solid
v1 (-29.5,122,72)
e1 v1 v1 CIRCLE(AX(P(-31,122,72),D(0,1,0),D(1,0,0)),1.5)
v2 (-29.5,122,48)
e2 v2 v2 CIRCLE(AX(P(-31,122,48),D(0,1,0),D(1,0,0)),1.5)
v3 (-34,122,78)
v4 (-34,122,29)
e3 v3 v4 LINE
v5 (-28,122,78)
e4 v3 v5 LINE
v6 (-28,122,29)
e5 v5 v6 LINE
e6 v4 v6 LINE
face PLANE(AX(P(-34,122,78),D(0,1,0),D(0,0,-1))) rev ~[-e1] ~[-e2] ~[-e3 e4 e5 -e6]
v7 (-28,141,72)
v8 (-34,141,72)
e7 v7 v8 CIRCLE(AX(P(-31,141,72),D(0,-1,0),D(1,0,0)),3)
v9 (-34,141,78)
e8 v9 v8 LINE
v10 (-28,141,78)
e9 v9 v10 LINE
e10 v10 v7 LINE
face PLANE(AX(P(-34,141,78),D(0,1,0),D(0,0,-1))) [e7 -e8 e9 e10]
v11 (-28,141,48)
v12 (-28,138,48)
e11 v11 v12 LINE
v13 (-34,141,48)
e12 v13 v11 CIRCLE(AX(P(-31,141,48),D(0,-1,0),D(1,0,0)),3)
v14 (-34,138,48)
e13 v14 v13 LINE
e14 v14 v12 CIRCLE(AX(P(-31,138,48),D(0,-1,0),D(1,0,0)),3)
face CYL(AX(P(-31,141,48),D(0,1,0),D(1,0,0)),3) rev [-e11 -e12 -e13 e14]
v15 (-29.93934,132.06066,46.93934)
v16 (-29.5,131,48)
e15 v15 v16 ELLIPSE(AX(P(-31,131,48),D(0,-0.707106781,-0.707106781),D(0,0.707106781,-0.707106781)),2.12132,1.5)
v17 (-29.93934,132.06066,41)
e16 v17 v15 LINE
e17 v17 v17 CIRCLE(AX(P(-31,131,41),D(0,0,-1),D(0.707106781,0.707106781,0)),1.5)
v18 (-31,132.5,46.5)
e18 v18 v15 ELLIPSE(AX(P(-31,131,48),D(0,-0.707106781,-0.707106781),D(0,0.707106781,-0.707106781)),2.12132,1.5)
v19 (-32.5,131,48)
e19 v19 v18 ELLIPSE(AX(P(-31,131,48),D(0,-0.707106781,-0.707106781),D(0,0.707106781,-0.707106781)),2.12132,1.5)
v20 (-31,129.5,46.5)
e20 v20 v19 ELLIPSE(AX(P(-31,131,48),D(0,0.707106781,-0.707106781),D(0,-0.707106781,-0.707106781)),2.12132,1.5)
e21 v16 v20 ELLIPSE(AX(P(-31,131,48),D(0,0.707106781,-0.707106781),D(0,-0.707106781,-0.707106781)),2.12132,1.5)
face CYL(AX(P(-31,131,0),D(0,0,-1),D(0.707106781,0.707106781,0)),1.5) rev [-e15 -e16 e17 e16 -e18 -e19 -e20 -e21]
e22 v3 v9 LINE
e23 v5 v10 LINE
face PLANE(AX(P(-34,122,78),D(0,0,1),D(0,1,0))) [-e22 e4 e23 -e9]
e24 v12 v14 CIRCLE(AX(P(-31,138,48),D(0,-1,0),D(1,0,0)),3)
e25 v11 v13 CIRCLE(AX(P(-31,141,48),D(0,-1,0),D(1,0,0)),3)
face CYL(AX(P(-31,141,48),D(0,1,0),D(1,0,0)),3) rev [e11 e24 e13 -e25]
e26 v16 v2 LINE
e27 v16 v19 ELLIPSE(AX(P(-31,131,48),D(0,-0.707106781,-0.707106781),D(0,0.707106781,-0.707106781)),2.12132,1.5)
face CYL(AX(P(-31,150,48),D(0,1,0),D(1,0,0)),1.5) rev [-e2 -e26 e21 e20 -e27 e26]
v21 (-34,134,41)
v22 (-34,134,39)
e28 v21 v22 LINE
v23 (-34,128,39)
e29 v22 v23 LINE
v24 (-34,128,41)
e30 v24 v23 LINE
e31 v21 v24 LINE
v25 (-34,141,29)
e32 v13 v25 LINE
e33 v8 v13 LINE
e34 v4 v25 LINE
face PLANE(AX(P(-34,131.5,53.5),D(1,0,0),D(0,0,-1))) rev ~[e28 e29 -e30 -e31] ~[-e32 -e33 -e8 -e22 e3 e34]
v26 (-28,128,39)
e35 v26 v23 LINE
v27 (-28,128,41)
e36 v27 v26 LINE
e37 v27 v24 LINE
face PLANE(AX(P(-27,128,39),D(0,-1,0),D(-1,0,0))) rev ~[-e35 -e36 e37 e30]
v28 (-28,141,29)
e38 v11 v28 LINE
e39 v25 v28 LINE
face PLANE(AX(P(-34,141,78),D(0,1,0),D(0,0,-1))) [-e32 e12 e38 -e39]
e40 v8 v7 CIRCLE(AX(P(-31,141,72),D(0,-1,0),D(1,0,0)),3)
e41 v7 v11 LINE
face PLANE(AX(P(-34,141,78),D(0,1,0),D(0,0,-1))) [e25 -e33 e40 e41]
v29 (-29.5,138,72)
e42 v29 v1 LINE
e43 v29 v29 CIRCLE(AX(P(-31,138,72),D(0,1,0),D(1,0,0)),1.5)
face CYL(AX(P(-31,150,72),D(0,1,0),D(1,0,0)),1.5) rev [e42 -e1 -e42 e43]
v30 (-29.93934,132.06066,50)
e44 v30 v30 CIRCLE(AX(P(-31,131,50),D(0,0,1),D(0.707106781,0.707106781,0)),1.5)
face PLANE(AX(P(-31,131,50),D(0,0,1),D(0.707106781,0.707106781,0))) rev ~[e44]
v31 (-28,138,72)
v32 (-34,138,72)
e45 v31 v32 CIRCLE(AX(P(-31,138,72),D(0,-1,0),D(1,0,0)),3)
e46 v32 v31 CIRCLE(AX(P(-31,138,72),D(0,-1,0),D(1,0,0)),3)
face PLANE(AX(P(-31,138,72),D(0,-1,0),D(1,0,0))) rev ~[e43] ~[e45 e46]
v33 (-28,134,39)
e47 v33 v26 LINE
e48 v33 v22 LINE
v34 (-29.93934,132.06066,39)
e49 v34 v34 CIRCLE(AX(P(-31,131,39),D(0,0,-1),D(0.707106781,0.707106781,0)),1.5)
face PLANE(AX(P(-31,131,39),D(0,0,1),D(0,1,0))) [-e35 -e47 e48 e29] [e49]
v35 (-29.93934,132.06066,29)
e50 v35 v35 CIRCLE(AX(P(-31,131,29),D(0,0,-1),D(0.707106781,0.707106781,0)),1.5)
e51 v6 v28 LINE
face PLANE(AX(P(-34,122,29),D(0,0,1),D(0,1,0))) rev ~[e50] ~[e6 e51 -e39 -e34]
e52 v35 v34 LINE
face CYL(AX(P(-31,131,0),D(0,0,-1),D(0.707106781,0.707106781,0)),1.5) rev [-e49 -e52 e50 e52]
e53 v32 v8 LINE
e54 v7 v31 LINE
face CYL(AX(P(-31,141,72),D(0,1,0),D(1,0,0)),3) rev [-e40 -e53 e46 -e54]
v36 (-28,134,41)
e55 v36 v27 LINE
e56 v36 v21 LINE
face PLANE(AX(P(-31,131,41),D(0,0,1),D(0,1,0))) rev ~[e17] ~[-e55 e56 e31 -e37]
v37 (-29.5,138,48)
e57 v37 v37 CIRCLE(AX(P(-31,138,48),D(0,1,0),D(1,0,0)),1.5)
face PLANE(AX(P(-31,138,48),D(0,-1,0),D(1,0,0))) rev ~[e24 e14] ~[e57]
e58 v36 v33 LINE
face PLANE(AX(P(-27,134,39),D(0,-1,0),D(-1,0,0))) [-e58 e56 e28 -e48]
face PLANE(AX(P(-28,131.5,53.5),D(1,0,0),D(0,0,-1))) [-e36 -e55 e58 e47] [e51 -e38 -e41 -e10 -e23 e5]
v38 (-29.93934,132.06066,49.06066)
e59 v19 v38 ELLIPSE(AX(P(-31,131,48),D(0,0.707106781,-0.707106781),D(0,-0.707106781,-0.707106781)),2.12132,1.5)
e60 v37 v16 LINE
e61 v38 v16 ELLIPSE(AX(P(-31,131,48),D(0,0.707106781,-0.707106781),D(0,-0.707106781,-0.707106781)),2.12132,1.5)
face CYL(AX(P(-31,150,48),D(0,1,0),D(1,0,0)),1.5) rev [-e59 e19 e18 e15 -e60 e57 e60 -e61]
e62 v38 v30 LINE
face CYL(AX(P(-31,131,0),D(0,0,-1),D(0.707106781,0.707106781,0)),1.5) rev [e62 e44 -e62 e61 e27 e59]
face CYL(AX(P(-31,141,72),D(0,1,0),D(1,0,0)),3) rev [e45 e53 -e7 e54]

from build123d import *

# Parameters (mm, degrees)
CYLINDER1866_R               = 3
CYLINDER1866_DEPTH           = 3
CYLINDER1865_R               = 3
CYLINDER1865_DEPTH           = 3
CYLINDER1867_R               = 3
CYLINDER1867_DEPTH           = 3
CYLINDER1868_R               = 3
CYLINDER1868_DEPTH           = 3
CYLINDER1854_R               = 1.5
CYLINDER1854_DEPTH           = 50
CYLINDER1855_R               = 1.5
CYLINDER1855_DEPTH           = 50
CYLINDER1856_R               = 1.5
CYLINDER1856_DEPTH           = 50
CYLINDER1853_R               = 1.5
CYLINDER1853_DEPTH           = 50
CYLINDER1851_R               = 1.5
CYLINDER1851_DEPTH           = 50
CYLINDER1851_PLACEMENT_ANGLE = 45
BOX771_W                     = 6
BOX771_H                     = 8
BOX771_DEPTH                 = 2
BOX772_W                     = 49
BOX772_H                     = 19
BOX772_DEPTH                 = 6


with BuildPart() as v_lec1866:
    # Cylinder1866 → Cylinder1866 (new body)
    with BuildSketch(Plane(origin=(-31, 150, 72), x_dir=(1, 0, 0), z_dir=(0, -1, 0))):
        Circle(CYLINDER1866_R)
    extrude(amount=CYLINDER1866_DEPTH)


with BuildPart() as v_lec1865:
    # Cylinder1865 → Cylinder1865 (new body)
    with BuildSketch(Plane(origin=(31, 150, 48), x_dir=(1, 0, 0), z_dir=(0, -1, 0))):
        Circle(CYLINDER1865_R)
    extrude(amount=CYLINDER1865_DEPTH)


with BuildPart() as v_lec1867:
    # Cylinder1867 → Cylinder1867 (new body)
    with BuildSketch(Plane(origin=(31, 150, 72), x_dir=(1, 0, 0), z_dir=(0, -1, 0))):
        Circle(CYLINDER1867_R)
    extrude(amount=CYLINDER1867_DEPTH)


with BuildPart() as compound933:
    # Cylinder1868 → Cylinder1868 (new body)
    with BuildSketch(Plane(origin=(-31, 150, 48), x_dir=(1, 0, 0), z_dir=(0, -1, 0))):
        Circle(CYLINDER1868_R)
    extrude(amount=CYLINDER1868_DEPTH)

    # Compound933: union Válec1866, Válec1865, Válec1867
    add(v_lec1866.part)
    add(v_lec1865.part)
    add(v_lec1867.part)


with BuildPart() as compound933_1:
    # Compound933 placement: moved
    add(compound933.part.moved(Location((0, -9, 0))))


with BuildPart() as v_lec1854:
    # Cylinder1854 → Cylinder1854 (new body)
    with BuildSketch(Plane(origin=(-31, 150, 72), x_dir=(1, 0, 0), z_dir=(0, -1, 0))):
        Circle(CYLINDER1854_R)
    extrude(amount=CYLINDER1854_DEPTH)


with BuildPart() as v_lec1855:
    # Cylinder1855 → Cylinder1855 (new body)
    with BuildSketch(Plane(origin=(31, 150, 48), x_dir=(1, 0, 0), z_dir=(0, -1, 0))):
        Circle(CYLINDER1855_R)
    extrude(amount=CYLINDER1855_DEPTH)


with BuildPart() as v_lec1856:
    # Cylinder1856 → Cylinder1856 (new body)
    with BuildSketch(Plane(origin=(31, 150, 72), x_dir=(1, 0, 0), z_dir=(0, -1, 0))):
        Circle(CYLINDER1856_R)
    extrude(amount=CYLINDER1856_DEPTH)


with BuildPart() as compound930:
    # Cylinder1853 → Cylinder1853 (new body)
    with BuildSketch(Plane(origin=(-31, 150, 48), x_dir=(1, 0, 0), z_dir=(0, -1, 0))):
        Circle(CYLINDER1853_R)
    extrude(amount=CYLINDER1853_DEPTH)

    # Compound930: union Válec1854, Válec1855, Válec1856
    add(v_lec1854.part)
    add(v_lec1855.part)
    add(v_lec1856.part)


with BuildPart() as compound927:
    # Cylinder1851 → Cylinder1851 (new body)
    with BuildSketch(Plane.XY):
        Circle(CYLINDER1851_R)
    extrude(amount=CYLINDER1851_DEPTH)


with BuildPart() as compound927_1:
    # Cylinder1851 placement: moved
    add(compound927.part.moved(Location((-31, 92, 0))).rotate(Axis((-31, 92, 0), (0, 0, 1)), CYLINDER1851_PLACEMENT_ANGLE))


with BuildPart() as compound926:
    # Box771 → Box771 (new body)
    with BuildSketch(Plane(origin=(-27, 89, 39), x_dir=(0, 1, 0), z_dir=(0, 0, 1))):
        with Locations((3, 4)):
            Rectangle(BOX771_W, BOX771_H)
    extrude(amount=BOX771_DEPTH)


with BuildPart() as cut579:
    # Box772 → Box772 (new body)
    with BuildSketch(Plane(origin=(-34, 83, 78), x_dir=(0, 0, -1), z_dir=(1, 0, 0))):
        with Locations((24.5, 9.5)):
            Rectangle(BOX772_W, BOX772_H)
    extrude(amount=BOX772_DEPTH)

    # Cut574: cut Compound926
    add(compound926.part, mode=Mode.SUBTRACT)

    # Cut575: cut Compound927
    add(compound927_1.part, mode=Mode.SUBTRACT)


with BuildPart() as cut579_1:
    # Cut575 placement: moved
    add(cut579.part.moved(Location((0, 39, 0))))

    # Cut578: cut Compound930
    add(compound930.part, mode=Mode.SUBTRACT)

    # Cut579: cut Compound933
    add(compound933_1.part, mode=Mode.SUBTRACT)


solid = cut579_1.part
